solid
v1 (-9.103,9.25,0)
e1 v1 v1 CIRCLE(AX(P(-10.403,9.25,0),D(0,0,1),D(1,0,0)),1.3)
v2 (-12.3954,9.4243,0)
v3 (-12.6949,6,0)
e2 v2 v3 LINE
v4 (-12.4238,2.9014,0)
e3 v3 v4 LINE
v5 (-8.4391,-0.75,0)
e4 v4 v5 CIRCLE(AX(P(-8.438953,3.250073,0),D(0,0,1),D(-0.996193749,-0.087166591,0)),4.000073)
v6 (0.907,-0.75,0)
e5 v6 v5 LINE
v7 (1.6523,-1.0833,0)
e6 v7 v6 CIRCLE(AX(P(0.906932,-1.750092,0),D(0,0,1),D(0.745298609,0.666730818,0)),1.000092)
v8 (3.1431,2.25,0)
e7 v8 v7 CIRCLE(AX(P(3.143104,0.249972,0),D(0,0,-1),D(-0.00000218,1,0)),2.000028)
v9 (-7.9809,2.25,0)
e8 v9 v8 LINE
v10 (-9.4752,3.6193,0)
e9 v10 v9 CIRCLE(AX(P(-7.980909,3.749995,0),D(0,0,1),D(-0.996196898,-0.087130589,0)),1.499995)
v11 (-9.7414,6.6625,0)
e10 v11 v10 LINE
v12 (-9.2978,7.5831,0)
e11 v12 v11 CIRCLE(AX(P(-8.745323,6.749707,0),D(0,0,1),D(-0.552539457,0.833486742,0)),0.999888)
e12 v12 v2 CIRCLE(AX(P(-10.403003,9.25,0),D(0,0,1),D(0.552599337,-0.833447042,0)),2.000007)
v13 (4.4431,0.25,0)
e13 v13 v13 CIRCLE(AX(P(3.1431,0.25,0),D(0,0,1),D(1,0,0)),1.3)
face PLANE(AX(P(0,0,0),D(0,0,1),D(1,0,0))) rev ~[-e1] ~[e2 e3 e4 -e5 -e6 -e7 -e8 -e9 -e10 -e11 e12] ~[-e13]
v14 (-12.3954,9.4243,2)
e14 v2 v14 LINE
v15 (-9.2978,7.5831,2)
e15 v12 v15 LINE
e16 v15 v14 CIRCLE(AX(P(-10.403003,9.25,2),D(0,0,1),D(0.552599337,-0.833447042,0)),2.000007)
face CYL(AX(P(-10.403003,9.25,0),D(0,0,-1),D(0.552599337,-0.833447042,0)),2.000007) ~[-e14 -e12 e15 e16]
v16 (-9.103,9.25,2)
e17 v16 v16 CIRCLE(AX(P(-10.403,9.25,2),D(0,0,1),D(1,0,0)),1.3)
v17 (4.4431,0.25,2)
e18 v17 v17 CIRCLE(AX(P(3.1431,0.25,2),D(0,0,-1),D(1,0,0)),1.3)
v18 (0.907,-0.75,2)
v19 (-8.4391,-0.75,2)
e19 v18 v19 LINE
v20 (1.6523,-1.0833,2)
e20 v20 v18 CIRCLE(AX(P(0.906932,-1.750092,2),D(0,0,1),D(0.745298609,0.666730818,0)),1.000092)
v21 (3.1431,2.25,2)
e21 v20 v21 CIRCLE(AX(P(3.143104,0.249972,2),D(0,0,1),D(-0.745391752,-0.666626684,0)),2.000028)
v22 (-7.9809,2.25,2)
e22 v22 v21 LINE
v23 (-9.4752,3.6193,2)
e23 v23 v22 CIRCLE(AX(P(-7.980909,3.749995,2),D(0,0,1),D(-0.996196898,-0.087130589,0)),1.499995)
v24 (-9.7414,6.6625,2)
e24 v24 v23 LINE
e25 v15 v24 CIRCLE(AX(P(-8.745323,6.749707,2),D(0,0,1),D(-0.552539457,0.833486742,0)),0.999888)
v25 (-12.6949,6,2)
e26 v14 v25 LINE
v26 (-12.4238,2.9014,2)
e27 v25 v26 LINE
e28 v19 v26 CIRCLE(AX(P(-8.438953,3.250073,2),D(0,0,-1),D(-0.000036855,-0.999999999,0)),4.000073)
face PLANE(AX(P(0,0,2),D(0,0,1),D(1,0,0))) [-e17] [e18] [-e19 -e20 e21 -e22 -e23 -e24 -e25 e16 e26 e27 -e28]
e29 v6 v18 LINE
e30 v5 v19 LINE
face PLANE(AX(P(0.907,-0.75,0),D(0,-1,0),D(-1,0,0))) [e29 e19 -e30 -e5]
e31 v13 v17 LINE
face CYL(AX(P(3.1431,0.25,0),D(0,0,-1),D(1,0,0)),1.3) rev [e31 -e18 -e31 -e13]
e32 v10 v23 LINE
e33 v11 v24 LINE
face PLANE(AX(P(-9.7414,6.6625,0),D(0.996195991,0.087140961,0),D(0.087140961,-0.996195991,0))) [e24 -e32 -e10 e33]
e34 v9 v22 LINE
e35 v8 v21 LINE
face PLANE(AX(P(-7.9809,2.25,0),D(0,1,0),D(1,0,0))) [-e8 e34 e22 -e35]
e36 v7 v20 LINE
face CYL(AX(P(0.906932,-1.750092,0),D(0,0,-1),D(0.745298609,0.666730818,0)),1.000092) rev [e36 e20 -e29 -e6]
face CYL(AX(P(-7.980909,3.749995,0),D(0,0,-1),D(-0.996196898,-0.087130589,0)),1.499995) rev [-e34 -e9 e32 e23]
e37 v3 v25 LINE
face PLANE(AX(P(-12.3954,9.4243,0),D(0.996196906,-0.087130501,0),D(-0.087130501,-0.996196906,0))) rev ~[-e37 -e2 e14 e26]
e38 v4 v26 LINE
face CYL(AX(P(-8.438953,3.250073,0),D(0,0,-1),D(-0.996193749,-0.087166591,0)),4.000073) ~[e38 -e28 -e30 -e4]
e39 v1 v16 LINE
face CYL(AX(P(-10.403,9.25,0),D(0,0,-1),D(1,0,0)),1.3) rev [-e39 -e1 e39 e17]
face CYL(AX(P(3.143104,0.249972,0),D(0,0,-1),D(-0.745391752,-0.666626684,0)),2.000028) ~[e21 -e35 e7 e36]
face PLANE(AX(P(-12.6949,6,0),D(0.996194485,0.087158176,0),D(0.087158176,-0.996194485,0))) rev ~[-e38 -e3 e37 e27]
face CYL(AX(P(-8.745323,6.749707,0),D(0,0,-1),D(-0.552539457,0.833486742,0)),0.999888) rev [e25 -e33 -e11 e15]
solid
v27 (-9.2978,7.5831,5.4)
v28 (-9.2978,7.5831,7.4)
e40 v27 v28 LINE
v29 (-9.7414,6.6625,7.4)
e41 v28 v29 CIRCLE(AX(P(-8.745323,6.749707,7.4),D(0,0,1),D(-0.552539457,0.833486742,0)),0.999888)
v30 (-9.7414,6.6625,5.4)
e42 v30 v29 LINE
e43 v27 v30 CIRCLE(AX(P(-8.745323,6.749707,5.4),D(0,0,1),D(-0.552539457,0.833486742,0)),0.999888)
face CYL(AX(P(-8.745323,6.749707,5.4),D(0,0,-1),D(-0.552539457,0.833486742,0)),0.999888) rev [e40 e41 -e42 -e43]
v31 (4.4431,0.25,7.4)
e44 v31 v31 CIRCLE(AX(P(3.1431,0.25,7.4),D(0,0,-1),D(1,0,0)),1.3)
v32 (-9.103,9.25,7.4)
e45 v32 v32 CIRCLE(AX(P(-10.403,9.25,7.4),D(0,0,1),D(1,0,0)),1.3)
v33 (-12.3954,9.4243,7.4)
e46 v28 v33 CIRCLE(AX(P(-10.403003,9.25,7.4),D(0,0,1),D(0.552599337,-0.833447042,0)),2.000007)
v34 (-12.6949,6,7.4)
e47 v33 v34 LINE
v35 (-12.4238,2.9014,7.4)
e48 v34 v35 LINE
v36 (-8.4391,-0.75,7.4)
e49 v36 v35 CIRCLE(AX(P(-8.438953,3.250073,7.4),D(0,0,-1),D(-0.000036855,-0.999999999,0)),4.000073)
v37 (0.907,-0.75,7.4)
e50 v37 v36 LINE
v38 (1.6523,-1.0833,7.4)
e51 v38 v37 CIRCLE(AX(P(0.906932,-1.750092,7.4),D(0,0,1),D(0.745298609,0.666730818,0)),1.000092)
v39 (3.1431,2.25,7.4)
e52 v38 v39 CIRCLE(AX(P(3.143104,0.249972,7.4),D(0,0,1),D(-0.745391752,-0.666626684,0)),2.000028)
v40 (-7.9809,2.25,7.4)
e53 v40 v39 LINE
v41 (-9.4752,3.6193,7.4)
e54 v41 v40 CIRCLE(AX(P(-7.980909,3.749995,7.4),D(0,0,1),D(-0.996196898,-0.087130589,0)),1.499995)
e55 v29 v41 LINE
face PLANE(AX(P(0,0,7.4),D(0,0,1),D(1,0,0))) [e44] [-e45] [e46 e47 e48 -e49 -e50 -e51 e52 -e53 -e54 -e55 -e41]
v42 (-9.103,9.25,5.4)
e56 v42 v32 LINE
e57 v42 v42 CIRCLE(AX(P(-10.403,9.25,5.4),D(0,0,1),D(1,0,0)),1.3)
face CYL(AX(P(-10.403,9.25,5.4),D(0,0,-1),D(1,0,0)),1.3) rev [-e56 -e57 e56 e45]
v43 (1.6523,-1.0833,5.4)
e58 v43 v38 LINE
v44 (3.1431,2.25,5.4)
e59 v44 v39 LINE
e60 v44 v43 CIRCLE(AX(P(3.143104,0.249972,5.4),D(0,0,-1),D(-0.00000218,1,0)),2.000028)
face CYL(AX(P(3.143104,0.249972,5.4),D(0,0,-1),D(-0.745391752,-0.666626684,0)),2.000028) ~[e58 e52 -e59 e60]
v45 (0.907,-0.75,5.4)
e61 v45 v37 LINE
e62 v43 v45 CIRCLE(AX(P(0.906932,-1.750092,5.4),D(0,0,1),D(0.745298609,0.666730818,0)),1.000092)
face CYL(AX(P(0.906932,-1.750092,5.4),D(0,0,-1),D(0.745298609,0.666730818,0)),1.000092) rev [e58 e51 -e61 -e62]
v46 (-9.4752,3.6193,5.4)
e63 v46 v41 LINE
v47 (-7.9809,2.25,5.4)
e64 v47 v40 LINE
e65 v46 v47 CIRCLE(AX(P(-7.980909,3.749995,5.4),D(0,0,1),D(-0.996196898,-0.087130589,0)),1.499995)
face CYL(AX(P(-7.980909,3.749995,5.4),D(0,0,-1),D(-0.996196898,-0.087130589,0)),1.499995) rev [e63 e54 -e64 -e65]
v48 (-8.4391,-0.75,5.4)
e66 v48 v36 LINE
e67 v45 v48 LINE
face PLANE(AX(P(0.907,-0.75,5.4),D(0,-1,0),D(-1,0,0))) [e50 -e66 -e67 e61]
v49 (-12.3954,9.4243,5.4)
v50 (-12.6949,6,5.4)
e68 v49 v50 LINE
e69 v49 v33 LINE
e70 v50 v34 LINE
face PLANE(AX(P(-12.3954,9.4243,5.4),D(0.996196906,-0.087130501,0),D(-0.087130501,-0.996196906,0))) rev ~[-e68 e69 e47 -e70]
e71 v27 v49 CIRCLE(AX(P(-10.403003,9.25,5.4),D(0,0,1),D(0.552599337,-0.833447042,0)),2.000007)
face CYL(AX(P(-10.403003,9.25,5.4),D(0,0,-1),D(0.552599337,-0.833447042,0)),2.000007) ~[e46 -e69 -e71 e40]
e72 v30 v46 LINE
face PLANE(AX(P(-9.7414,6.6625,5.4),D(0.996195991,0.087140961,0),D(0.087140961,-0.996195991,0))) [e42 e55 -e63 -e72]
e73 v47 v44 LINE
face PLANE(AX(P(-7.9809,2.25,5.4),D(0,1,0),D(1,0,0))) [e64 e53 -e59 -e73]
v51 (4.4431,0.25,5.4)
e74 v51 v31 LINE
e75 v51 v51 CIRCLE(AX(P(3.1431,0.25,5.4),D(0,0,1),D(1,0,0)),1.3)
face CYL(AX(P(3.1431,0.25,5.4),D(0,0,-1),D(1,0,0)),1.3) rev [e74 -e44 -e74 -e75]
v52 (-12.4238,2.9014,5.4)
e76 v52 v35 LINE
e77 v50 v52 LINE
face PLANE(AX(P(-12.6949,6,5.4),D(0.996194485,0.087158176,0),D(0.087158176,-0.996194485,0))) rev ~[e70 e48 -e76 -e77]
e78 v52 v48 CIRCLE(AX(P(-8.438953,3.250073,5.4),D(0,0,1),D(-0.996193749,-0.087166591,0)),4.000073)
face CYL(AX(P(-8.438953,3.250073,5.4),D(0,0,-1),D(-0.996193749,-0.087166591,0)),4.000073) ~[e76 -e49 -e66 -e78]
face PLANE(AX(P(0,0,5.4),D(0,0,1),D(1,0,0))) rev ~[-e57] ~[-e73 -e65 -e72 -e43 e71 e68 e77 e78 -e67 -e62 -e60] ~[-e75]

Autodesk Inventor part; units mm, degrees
ref_plane "YZ Plane" through (0, 0, 0) normal (1, 0, 0) x (0, 1, 0)
ref_plane "XZ Plane" through (0, 0, 0) normal (0, 1, 0) x (-1, 0, 0)
ref_plane "XY Plane" through (0, 0, 0) normal (0, 0, 1) x (1, 0, 0)
sketch "Sketch1" plane through (0, 0, 0) normal (0, 0, 1) x (1, 0, 0)
  line L0 (-16.9176, 0) -> (9.5691, 0) projected
  arc A0 (-9.2978, 7.5831) -> (-12.3954, 9.4243) centre (-10.403, 9.25) ccw
  arc A1 (1.6523, -1.0833) -> (3.1431, 2.25) centre (3.1431, 0.25) ccw
  line L1 (-12.3954, 9.4243) -> (-12.6949, 6)
  line L2 (-12.6949, 6) -> (-12.4238, 2.9014)
  line L3 (-9.7414, 6.6625) -> (-9.4752, 3.6193)
  line L4 (-7.9809, 2.25) -> (3.1431, 2.25)
  line L5 (0.907, -0.75) -> (-8.4391, -0.75)
  arc A2 (-9.2978, 7.5831) -> (-9.7414, 6.6625) centre (-8.7452, 6.7496) ccw
  arc A3 (-9.4752, 3.6193) -> (-7.9809, 2.25) centre (-7.9809, 3.75) ccw
  arc A4 (-12.4238, 2.9014) -> (-8.4391, -0.75) centre (-8.4391, 3.25) ccw
  arc A5 (1.6523, -1.0833) -> (0.907, -0.75) centre (0.907, -1.75) ccw
  circle A6 centre (-10.403, 9.25) radius 1.3
  circle A7 centre (3.1431, 0.25) radius 1.3
  line L6 (-10.403, 9.25) -> (3.1431, 0.25) construction
  point P0 (0, 0)
  dimension "d4" = 3
  dimension "d5" = 4
  dimension "d6" = 3
  dimension "d13" = 6
  dimension "d15" = 1
  dimension "d16" = 1.5
  dimension "d17" = 4
  dimension "d18" = 1
  dimension "d27" = 10
  dimension "d31" = 95
  dimension "d32" = 2.6
  dimension "d34" = 0.75
  dimension "d39" = 7
  dimension "d41" = 13.546
extrude "Extrusion1" add sketch "Sketch1" along normal blind 2 contours A4 L2 L1 A0 A2 L3 A3 L4 A1 L0 A7 | L0 A7 A1 A5 L5 A4
pattern_linear "Rectangular Pattern1" count 2 spacing 5.4 along (0, 0, 1)
properties part number "D26 Linkages" material "Steel"
